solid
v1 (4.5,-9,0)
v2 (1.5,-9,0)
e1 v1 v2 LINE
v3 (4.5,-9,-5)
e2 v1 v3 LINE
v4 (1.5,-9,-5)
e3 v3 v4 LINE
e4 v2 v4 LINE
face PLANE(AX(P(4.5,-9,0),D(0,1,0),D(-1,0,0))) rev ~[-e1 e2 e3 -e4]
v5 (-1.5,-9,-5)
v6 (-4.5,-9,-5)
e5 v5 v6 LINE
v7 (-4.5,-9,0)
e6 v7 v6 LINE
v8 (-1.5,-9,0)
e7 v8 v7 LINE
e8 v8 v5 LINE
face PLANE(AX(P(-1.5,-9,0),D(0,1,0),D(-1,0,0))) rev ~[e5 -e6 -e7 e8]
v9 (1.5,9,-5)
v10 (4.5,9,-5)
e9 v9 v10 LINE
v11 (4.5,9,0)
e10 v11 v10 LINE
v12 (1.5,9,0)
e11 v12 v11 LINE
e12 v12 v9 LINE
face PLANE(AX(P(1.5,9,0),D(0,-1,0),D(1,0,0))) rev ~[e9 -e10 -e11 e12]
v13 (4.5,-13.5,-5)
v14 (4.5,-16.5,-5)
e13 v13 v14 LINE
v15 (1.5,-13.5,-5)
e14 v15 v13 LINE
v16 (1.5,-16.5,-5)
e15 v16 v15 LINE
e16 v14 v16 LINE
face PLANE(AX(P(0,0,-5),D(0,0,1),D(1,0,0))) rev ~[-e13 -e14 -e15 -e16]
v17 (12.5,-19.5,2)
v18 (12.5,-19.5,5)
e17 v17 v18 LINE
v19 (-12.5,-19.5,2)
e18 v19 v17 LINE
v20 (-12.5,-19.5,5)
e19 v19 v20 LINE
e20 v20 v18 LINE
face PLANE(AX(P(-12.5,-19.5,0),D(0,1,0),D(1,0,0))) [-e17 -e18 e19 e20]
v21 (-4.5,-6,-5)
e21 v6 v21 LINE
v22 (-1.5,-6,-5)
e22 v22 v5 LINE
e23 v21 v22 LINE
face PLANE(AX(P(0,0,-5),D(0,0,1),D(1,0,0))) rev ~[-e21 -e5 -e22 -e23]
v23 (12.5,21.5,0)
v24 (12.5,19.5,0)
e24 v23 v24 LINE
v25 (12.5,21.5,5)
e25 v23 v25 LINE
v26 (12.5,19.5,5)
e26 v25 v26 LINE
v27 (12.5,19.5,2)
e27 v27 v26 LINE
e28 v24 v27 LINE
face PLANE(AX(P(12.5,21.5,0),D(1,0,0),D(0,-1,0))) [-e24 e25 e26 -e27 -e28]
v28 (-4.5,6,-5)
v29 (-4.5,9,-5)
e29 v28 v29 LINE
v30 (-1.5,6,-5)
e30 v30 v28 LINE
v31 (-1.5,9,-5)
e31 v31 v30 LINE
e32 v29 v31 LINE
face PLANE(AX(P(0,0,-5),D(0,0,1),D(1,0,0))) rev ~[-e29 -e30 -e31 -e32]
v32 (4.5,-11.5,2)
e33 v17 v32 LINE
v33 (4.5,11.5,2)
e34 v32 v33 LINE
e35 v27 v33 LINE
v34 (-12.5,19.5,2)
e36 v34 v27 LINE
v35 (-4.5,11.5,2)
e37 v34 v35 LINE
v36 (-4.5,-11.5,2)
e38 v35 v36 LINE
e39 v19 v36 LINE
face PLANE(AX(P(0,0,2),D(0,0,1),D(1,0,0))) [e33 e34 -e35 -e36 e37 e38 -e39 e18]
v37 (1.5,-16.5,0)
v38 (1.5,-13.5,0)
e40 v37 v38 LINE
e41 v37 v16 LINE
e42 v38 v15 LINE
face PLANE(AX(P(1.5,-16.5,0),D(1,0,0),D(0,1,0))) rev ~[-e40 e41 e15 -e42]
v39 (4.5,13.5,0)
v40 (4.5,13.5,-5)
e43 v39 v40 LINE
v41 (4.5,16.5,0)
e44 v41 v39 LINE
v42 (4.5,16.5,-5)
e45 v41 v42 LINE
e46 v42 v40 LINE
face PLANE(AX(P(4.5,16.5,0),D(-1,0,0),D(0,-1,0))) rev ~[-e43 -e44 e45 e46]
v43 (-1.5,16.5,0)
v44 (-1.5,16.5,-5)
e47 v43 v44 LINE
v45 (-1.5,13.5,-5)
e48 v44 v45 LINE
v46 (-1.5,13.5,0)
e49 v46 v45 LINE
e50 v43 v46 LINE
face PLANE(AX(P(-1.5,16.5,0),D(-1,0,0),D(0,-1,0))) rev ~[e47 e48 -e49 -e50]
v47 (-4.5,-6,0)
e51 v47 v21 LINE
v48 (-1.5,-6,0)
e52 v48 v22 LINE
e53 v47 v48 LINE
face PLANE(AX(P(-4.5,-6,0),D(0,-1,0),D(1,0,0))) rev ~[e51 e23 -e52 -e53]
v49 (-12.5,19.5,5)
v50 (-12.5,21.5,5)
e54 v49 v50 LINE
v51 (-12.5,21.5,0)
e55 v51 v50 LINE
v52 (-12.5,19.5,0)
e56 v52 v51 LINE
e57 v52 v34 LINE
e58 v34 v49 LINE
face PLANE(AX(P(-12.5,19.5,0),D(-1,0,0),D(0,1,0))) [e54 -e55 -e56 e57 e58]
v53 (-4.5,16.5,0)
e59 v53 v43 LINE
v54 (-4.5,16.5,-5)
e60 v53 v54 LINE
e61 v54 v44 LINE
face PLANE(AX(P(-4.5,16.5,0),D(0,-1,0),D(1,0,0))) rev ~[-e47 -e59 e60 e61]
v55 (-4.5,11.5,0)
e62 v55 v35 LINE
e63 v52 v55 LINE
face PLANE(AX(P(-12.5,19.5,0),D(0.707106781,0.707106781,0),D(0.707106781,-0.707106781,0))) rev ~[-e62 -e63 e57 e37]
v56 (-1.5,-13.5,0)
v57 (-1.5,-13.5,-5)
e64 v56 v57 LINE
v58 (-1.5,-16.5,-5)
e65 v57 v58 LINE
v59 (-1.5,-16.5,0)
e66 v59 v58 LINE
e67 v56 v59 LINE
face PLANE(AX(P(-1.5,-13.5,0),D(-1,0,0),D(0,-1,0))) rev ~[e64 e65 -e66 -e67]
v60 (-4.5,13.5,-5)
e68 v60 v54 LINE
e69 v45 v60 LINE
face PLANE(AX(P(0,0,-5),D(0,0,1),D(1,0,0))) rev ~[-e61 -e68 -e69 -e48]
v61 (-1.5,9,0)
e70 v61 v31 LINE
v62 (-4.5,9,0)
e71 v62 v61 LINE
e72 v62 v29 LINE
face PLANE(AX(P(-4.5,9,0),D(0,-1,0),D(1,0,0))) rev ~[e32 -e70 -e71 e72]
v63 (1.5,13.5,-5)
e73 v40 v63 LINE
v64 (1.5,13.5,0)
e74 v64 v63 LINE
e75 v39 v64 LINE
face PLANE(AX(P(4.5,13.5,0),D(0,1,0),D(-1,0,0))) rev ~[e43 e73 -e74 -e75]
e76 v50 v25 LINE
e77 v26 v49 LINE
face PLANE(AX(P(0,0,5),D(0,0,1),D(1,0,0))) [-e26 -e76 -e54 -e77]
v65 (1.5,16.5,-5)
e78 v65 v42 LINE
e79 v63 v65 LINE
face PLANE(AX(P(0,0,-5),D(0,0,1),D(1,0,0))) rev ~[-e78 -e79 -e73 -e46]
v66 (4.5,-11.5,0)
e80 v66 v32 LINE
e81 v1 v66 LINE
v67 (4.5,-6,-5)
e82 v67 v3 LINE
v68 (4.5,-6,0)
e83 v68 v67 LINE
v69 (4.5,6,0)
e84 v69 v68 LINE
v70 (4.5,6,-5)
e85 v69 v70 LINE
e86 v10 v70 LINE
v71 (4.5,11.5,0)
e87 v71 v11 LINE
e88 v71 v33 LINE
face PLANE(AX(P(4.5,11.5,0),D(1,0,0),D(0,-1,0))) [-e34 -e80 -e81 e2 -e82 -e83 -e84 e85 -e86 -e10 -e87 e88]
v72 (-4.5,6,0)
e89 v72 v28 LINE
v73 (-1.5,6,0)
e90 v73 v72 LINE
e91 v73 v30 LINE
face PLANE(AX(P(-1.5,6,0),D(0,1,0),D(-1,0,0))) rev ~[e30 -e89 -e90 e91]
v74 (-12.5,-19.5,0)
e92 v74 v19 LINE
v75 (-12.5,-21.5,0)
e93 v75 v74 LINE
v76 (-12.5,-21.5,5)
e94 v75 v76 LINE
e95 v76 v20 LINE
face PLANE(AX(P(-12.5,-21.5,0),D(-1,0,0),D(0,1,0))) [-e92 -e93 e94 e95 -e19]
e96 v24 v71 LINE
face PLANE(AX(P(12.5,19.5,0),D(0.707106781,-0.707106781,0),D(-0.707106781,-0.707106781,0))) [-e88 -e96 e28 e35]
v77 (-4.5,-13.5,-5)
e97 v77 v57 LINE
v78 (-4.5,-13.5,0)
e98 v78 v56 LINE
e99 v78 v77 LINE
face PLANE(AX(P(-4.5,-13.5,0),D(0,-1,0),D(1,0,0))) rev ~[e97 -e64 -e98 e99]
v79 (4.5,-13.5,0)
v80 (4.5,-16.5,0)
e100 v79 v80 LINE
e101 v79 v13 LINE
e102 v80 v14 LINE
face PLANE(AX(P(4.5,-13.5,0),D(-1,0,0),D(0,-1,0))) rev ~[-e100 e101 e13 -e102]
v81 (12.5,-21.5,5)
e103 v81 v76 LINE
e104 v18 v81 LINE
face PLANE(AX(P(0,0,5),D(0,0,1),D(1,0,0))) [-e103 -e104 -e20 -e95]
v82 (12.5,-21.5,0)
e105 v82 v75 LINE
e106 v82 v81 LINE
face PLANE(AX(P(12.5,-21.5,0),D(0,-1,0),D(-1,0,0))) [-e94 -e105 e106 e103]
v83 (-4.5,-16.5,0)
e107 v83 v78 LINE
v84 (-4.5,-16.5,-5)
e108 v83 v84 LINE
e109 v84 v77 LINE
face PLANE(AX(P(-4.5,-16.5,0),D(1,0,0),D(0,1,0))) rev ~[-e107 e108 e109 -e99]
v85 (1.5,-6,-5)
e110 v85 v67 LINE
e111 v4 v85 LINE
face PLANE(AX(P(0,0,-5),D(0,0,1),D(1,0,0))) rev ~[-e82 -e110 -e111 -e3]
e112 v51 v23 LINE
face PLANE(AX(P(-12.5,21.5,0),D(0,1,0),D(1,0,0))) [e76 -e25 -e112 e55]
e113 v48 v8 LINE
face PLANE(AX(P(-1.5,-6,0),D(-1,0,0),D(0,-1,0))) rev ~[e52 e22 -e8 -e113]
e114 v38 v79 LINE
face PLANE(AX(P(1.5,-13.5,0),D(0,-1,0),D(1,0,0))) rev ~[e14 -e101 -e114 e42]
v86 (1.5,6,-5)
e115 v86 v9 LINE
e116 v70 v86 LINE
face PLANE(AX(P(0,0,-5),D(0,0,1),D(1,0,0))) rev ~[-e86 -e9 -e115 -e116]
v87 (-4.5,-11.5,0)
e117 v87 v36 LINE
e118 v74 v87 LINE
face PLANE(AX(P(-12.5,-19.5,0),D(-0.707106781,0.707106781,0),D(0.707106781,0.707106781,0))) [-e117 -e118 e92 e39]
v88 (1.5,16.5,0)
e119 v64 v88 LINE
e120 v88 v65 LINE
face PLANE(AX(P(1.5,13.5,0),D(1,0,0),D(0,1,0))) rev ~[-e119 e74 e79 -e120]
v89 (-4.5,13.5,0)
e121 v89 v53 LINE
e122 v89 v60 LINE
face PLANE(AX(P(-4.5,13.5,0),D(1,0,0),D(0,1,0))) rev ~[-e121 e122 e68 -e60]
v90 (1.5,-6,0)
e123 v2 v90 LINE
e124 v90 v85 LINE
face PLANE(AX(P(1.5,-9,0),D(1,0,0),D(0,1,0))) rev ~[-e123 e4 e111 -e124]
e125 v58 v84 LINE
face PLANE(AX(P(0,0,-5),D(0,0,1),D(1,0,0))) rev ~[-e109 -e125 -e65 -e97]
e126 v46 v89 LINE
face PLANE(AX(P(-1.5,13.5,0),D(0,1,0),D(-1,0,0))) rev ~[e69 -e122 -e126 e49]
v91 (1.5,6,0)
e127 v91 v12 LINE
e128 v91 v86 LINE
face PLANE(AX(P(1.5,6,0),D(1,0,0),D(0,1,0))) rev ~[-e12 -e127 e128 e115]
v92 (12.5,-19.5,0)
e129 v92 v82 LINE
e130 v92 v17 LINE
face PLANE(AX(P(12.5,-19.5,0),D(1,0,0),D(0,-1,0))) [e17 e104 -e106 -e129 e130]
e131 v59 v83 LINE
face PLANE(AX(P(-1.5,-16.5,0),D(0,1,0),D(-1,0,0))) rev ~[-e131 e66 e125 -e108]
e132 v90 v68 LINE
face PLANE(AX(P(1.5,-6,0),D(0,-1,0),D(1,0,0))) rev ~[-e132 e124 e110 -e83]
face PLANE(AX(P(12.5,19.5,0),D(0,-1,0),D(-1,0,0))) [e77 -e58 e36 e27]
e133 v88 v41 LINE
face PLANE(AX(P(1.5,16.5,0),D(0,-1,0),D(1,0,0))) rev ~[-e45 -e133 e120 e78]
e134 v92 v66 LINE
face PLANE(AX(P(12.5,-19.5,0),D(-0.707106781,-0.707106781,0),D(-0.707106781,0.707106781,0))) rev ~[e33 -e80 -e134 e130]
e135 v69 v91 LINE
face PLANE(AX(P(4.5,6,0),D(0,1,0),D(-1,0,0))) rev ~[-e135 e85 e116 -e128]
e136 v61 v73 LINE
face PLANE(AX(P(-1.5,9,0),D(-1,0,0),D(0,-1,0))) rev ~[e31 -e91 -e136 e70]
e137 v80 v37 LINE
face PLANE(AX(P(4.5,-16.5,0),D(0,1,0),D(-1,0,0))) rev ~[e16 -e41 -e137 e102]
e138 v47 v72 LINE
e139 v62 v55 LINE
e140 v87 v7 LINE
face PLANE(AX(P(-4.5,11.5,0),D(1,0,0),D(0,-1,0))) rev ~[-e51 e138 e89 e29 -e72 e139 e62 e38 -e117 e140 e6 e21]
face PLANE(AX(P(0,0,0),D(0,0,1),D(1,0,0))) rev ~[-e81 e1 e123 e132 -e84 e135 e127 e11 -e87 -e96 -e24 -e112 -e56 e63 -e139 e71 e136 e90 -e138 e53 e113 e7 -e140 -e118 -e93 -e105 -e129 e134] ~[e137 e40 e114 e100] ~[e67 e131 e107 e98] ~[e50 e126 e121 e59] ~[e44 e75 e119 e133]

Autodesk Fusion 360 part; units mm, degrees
sketch "Sketch1" plane through (0, 0, 0) normal (0, 0, 1) x (1, 0, 0) in component "Component'"
  line L0 (-12.5, 21.5) -> (12.5, 21.5)
  line L1 (12.5, 21.5) -> (12.5, 19.5)
  line L2 (12.5, 19.5) -> (-12.5, 19.5)
  line L3 (-12.5, 19.5) -> (-12.5, 21.5)
  line L4 (-12.5, -19.5) -> (12.5, -19.5)
  line L5 (12.5, -19.5) -> (12.5, -21.5)
  line L6 (12.5, -21.5) -> (-12.5, -21.5)
  line L7 (-12.5, -21.5) -> (-12.5, -19.5)
  line L8 (0, -19.5) -> (0, 19.5) construction
  line L9 (-4.5, 9) -> (-1.5, 9)
  line L10 (-1.5, 9) -> (-1.5, 6)
  line L11 (-1.5, 6) -> (-4.5, 6)
  line L12 (-4.5, 6) -> (-4.5, 9)
  line L13 (-1.5, 16.5) -> (-1.5, 13.5)
  line L14 (-1.5, 13.5) -> (-4.5, 13.5)
  line L15 (-4.5, 13.5) -> (-4.5, 16.5)
  line L16 (-4.5, 16.5) -> (-1.5, 16.5)
  line L17 (-4.5, -16.5) -> (-4.5, -13.5)
  line L18 (-1.5, -6) -> (-1.5, -9)
  line L19 (-4.5, -6) -> (-1.5, -6)
  line L20 (-4.5, -13.5) -> (-1.5, -13.5)
  line L21 (-4.5, -9) -> (-4.5, -6)
  line L22 (-1.5, -16.5) -> (-4.5, -16.5)
  line L23 (-1.5, -9) -> (-4.5, -9)
  line L24 (-1.5, -13.5) -> (-1.5, -16.5)
  line L25 (-20, 0) -> (15, 0) construction
  line L26 (4.5, 9) -> (4.5, 6)
  line L27 (4.5, 16.5) -> (4.5, 13.5)
  line L28 (1.5, 13.5) -> (1.5, 16.5)
  line L29 (4.5, -16.5) -> (1.5, -16.5)
  line L30 (4.5, -13.5) -> (4.5, -16.5)
  line L31 (1.5, -6) -> (4.5, -6)
  line L32 (4.5, -6) -> (4.5, -9)
  line L33 (1.5, -9) -> (1.5, -6)
  line L34 (1.5, -16.5) -> (1.5, -13.5)
  line L35 (1.5, 6) -> (1.5, 9)
  line L36 (1.5, 9) -> (4.5, 9)
  line L37 (4.5, 6) -> (1.5, 6)
  line L38 (4.5, -9) -> (1.5, -9)
  line L39 (1.5, 16.5) -> (4.5, 16.5)
  line L40 (1.5, -13.5) -> (4.5, -13.5)
  line L41 (4.5, 13.5) -> (1.5, 13.5)
  line L42 (4.5, 19.5) -> (4.5, -19.5)
  line L43 (-4.5, 19.5) -> (-4.5, -19.5)
  line L44 (12.5, 19.5) -> (4.5, 11.5)
  line L45 (12.5, 19.5) -> (24.453, 19.5) construction
  line L46 (-12.5, 19.5) -> (-4.5, 11.5)
  line L47 (-12.5, -19.5) -> (-4.5, -11.5)
  line L48 (12.5, -19.5) -> (4.5, -11.5)
  dimension "d1" = 39
  dimension "d2" = 25
  dimension "d3" = 2
  dimension "d6" = 3
  dimension "d7" = 3
  dimension "d8" = 1.5
  dimension "d9" = 7.5
  dimension "d10" = 3
  dimension "d11" = 3
  dimension "d12" = 7.5
  dimension "d13" = 12
  dimension "d14" = 3
  dimension "d15" = 3
  dimension "d16" = 7.5
  dimension "d17" = 3
  dimension "d18" = 3
  dimension "d19" = 7.5
  dimension "d20" = 12
  dimension "d21" = 135
extrude "Extrude1" add sketch "Sketch1" along normal blind 2 contours L2 L15 L43 L46 | L2 L27 L42 L44 | L2 L4 L9 L10 L11 L13 L14 L16 L18 L19 L20 L22 L23 L24 L28 L29 L31 L33 L34 L35 L36 L37 L38 L39 L40 L41 L42 L43 | L13 L14 L15 L16 L43 | L9 L10 L11 L12 L43 | L27 L28 L39 L41 L42 | L26 L35 L36 L37 L42 | L18 L19 L21 L23 L43 | L31 L32 L33 L38 L42 | L4 L17 L43 L47 | L4 L30 L42 L48 | L17 L20 L22 L24 L43 | L29 L30 L34 L40 L42 in component "Component'"
extrude "Extrude2" add sketch "Sketch1" along normal blind 5 contours L0 L1 L2 L3 | L4 L5 L6 L7 in component "Component'"
extrude "Extrude3" add sketch "Sketch1" against normal blind 5 contours L13 L14 L15 L16 L43 | L9 L10 L11 L12 L43 | L27 L28 L39 L41 L42 | L26 L35 L36 L37 L42 | L18 L19 L21 L23 L43 | L31 L32 L33 L38 L42 | L17 L20 L22 L24 L43 | L29 L30 L34 L40 L42 in component "Component'"
component "Component'" placed x (1, 0, 0) y (0, 1, 0) z (0, 0, 1) at (0, 0, 0)
